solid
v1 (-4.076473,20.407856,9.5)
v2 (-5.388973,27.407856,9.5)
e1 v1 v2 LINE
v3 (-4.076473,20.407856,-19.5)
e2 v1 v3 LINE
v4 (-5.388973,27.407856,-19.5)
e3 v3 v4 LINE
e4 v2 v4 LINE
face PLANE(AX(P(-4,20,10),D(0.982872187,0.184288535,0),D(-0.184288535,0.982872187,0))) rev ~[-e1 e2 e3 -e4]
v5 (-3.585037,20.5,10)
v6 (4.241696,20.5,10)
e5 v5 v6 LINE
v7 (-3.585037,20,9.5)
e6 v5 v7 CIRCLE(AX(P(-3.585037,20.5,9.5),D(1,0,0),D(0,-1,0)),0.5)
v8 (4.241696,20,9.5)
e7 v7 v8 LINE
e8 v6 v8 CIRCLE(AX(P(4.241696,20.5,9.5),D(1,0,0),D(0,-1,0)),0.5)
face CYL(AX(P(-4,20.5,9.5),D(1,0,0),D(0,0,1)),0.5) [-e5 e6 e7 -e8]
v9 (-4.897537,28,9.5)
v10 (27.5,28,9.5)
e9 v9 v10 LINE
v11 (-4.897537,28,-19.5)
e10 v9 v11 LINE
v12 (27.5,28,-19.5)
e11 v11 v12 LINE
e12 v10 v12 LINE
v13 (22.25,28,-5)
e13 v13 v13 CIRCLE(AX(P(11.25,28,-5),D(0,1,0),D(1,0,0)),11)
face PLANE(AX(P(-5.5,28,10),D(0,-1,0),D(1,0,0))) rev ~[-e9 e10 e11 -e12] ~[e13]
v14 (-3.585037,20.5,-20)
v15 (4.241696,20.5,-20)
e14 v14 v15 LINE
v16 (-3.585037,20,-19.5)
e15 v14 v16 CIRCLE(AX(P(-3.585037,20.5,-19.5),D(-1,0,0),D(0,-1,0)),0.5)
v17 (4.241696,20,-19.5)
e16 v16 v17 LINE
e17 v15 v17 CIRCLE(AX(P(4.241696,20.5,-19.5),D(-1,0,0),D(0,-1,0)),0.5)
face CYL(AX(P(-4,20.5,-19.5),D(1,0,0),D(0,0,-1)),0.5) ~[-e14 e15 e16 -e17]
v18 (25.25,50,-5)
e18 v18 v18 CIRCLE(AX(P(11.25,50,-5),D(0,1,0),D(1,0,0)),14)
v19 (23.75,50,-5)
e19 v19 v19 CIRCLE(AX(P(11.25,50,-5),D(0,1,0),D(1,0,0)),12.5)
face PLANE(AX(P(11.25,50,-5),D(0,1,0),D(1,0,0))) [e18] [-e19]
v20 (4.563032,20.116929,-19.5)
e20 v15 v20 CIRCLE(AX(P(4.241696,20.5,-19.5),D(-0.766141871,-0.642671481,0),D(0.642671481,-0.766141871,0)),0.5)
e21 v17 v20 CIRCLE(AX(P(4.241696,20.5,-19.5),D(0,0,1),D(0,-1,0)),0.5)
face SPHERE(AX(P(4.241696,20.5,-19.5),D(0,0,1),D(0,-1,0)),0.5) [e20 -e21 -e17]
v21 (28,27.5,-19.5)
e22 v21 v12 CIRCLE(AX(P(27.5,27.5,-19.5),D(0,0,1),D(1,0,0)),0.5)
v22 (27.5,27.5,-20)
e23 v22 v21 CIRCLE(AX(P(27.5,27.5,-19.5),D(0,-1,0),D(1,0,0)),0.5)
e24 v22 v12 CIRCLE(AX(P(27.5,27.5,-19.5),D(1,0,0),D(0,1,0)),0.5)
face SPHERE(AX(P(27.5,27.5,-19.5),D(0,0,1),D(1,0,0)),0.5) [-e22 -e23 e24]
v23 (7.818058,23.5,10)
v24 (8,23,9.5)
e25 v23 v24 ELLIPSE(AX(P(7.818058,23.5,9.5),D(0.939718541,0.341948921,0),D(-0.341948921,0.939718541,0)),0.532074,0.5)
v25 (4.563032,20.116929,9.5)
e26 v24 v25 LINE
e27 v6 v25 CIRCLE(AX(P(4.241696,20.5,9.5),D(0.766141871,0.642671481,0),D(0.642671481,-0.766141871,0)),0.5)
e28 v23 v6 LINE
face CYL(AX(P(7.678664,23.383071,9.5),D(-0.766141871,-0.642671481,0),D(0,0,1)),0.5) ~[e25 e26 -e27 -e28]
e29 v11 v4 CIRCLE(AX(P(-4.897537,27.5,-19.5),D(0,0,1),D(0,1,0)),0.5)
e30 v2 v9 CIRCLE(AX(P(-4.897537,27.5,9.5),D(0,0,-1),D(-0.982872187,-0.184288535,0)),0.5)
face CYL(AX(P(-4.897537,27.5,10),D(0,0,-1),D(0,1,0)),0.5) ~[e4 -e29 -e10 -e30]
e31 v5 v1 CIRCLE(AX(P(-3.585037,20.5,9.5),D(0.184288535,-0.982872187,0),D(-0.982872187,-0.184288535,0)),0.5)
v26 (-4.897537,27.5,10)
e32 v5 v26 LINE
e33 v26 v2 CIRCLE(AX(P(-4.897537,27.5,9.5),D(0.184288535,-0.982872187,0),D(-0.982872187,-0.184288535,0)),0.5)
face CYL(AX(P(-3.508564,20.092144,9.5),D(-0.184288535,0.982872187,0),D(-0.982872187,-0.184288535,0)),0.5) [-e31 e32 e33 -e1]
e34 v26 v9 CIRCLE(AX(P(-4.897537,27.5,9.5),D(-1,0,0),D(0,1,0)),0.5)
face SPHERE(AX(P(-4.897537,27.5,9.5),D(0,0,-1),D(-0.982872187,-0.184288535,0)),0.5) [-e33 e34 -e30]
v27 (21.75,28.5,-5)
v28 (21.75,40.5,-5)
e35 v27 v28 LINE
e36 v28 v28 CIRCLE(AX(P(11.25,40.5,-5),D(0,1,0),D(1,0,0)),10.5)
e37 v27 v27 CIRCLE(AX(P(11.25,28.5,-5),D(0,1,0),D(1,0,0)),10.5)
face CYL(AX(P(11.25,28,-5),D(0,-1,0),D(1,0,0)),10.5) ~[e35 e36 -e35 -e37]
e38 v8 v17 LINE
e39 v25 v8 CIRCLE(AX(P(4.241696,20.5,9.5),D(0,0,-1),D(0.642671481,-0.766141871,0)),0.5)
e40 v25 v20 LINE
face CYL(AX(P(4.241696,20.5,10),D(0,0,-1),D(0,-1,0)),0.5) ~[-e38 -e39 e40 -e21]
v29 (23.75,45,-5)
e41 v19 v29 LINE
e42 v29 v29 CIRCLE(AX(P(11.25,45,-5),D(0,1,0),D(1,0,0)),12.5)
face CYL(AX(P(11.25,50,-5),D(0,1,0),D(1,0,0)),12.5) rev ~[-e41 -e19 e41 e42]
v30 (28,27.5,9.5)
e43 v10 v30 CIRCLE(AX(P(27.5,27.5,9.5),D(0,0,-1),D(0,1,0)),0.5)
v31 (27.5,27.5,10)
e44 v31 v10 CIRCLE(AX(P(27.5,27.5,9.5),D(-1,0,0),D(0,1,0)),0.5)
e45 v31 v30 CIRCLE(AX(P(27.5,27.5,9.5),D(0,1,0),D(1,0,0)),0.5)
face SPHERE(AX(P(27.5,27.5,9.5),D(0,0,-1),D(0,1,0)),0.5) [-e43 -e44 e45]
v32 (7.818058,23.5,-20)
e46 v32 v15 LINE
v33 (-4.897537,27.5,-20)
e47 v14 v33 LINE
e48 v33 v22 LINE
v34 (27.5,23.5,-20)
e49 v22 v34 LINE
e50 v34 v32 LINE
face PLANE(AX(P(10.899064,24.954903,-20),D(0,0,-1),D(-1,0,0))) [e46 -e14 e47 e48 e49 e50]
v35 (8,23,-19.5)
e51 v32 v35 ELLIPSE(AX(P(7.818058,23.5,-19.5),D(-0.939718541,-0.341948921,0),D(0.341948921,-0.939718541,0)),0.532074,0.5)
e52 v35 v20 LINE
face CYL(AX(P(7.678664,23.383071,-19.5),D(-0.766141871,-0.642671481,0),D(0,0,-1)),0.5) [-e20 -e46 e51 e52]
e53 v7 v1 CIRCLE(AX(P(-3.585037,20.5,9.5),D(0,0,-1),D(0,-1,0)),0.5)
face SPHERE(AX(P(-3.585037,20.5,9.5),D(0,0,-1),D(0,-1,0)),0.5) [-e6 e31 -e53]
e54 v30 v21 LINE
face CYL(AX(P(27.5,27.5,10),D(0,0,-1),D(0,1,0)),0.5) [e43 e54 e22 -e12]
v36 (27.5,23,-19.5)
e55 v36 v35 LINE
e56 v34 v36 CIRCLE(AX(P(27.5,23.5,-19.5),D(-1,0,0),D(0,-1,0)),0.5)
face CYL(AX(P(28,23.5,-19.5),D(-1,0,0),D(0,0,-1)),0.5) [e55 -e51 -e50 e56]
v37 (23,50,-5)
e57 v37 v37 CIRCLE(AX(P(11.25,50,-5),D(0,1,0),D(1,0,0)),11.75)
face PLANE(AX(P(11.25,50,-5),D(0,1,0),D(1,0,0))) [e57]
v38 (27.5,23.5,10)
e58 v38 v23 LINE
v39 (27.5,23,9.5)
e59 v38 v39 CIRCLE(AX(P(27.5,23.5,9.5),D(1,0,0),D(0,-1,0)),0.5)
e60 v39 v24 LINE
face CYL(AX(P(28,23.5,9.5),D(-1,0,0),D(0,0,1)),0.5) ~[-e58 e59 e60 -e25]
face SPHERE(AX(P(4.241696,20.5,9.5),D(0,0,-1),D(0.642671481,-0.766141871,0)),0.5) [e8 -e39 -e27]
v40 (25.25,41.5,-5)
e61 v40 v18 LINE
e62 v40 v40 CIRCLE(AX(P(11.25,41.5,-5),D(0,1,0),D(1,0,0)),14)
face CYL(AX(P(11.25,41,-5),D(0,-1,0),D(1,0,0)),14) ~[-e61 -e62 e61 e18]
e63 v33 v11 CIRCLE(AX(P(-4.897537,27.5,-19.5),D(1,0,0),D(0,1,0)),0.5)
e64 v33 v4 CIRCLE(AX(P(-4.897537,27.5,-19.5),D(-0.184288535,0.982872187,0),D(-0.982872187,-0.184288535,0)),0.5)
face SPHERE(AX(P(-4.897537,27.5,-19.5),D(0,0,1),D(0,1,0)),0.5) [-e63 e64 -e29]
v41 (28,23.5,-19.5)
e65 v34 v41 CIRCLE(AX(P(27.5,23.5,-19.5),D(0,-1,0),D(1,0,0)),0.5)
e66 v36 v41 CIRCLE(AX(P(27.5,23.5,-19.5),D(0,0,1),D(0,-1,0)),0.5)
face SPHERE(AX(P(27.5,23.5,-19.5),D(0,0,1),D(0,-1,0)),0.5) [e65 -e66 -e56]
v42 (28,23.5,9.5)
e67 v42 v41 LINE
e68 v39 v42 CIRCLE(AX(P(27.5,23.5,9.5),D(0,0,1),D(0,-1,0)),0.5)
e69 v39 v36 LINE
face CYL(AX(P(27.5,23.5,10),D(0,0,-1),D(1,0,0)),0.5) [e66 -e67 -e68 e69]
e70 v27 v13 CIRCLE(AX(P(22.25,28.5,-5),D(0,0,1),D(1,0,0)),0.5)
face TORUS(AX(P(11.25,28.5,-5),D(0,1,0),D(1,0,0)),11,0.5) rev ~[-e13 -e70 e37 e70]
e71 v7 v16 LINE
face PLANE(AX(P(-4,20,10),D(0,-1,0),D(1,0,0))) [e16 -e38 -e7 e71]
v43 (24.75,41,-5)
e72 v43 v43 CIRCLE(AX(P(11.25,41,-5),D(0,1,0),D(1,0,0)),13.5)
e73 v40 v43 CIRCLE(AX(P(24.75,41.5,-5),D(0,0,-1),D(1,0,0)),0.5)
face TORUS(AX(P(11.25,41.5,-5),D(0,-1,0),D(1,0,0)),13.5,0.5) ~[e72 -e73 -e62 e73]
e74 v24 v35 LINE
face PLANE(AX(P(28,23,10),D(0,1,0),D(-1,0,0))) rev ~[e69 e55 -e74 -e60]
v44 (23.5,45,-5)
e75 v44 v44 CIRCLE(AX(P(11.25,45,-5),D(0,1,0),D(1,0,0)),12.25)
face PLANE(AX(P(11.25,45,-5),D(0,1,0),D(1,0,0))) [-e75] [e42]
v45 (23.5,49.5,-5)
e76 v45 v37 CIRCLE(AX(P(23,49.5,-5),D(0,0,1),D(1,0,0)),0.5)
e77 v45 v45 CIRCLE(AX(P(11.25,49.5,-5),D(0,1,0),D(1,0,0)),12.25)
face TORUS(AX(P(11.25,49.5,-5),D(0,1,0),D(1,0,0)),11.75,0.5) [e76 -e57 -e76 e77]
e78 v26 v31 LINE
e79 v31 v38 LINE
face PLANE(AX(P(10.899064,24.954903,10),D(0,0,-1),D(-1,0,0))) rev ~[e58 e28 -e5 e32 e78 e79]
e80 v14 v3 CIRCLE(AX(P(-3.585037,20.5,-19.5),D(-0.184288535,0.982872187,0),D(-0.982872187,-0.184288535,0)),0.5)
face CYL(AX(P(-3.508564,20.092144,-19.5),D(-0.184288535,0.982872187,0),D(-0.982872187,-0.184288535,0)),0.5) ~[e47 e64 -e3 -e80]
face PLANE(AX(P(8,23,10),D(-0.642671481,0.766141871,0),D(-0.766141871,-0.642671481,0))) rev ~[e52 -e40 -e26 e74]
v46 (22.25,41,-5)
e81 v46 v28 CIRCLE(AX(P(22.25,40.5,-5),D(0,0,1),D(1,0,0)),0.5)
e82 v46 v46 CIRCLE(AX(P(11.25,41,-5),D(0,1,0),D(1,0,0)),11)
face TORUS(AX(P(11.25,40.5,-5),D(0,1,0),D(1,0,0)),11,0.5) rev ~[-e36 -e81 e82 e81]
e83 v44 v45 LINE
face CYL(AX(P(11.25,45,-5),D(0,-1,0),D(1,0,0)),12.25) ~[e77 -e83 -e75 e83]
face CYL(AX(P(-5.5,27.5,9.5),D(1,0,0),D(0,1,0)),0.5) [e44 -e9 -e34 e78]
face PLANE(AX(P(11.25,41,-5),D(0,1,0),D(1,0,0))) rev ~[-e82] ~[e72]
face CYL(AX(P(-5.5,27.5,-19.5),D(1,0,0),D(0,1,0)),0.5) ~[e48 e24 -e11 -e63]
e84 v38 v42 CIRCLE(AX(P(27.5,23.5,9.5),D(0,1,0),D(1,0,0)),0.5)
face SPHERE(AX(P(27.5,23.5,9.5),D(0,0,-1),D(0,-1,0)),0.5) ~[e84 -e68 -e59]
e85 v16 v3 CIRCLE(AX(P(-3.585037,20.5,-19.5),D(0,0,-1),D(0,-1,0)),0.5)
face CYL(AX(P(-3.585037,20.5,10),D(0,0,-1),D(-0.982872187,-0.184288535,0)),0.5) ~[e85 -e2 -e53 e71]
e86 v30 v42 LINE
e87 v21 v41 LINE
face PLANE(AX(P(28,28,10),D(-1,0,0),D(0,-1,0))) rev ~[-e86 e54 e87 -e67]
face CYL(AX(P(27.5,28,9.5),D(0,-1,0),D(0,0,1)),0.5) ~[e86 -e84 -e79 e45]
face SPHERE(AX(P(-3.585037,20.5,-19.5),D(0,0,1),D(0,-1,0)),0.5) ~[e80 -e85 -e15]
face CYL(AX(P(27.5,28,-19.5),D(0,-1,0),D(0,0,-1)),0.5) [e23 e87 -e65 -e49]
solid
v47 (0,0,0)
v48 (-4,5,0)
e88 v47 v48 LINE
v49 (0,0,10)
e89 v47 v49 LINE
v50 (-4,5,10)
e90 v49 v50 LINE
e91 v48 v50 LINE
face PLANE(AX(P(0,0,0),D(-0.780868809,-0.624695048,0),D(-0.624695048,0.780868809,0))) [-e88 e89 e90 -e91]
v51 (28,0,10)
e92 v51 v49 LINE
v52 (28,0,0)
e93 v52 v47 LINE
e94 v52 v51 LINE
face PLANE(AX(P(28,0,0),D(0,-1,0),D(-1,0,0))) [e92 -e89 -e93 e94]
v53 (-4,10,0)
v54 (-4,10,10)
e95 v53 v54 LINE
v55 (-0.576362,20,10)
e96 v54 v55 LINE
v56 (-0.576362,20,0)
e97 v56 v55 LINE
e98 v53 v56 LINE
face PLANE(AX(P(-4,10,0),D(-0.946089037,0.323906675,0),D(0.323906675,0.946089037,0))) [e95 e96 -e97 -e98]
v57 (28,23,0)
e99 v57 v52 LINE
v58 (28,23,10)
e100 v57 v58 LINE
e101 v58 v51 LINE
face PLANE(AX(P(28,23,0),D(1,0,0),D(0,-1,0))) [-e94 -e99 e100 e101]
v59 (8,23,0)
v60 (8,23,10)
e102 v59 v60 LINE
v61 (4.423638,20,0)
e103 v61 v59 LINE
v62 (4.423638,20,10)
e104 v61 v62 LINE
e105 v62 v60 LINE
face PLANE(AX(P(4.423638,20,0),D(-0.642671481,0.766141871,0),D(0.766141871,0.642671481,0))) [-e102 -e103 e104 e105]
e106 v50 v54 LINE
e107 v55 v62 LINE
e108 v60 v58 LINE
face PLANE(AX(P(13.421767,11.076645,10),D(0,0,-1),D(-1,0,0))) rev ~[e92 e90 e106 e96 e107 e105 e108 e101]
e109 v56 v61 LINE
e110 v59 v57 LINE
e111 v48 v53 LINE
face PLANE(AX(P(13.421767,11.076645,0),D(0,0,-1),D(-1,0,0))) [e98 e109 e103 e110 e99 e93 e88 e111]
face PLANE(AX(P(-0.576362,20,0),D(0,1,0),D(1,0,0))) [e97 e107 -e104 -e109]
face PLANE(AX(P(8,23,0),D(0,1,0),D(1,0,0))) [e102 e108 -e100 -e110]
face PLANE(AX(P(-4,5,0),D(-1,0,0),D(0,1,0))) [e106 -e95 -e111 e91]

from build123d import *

# Parameters (mm, degrees)
BOSS_EXTRUDE1_DEPTH = 10
BOSS_EXTRUDE2_DEPTH = 30
SKETCH4_R           = 10.5
BOSS_EXTRUDE3_DEPTH = 13
SKETCH5_R           = 14
BOSS_EXTRUDE4_DEPTH = 9
SKETCH6_R           = 12.5
CUT_EXTRUDE1_DEPTH  = 5
SKETCH7_R           = 12.25
BOSS_EXTRUDE5_DEPTH = 5
FILLET1_R           = 0.5
FILLET2_R           = 0.5


with BuildPart() as part:
    # Sketch1 → Boss-Extrude1 (new body)
    with BuildSketch(Plane.XY):
        Polygon((0, 0), (-4, 5), (-4, 10), (-0.576361612, 20), (4.423638388, 20), (8, 23), (28, 23), (28, 0), align=None)
    extrude(amount=BOSS_EXTRUDE1_DEPTH)


with BuildPart() as body_2:
    # Sketch3 → Boss-Extrude2 (new body)
    with BuildSketch(Plane.XY.offset(10)):
        Polygon((28, 23), (8, 23), (4.423638388, 20), (-0.576361612, 20), (-4, 20), (-5.5, 28), (28, 28), align=None)
    extrude(amount=-BOSS_EXTRUDE2_DEPTH)

    # Sketch4 → Boss-Extrude3 (add)
    with BuildSketch(Plane(origin=(0, 28, 0), x_dir=(1, 0, 0), z_dir=(0, 1, 0))):
        with Locations((11.25, 5)):
            Circle(SKETCH4_R)
    extrude(amount=BOSS_EXTRUDE3_DEPTH)

    # Sketch5 → Boss-Extrude4 (add)
    with BuildSketch(Plane(origin=(0, 41, 0), x_dir=(1, 0, 0), z_dir=(0, 1, 0))):
        with Locations((11.25, 5)):
            Circle(SKETCH5_R)
    extrude(amount=BOSS_EXTRUDE4_DEPTH)

    # Sketch6 → Cut-Extrude1 (cut)
    with BuildSketch(Plane(origin=(0, 50, 0), x_dir=(1, 0, 0), z_dir=(0, 1, 0))):
        with Locations((11.25, 5)):
            Circle(SKETCH6_R)
    extrude(amount=-CUT_EXTRUDE1_DEPTH, mode=Mode.SUBTRACT)

    # Sketch7 → Boss-Extrude5 (add)
    with BuildSketch(Plane(origin=(0, 45, 0), x_dir=(1, 0, 0), z_dir=(0, 1, 0))):
        with Locations((11.25, 5)):
            Circle(SKETCH7_R)
    extrude(amount=BOSS_EXTRUDE5_DEPTH)

    # Fillet1
    fillet1_edges = [body_2.edges().sort_by_distance(p)[0] for p in [
        (-1, 50, -5),
    ]]
    fillet(fillet1_edges, radius=FILLET1_R)

    # Fillet2
    fillet2_edges = [body_2.edges().sort_by_distance(p)[0] for p in [
        (-4.75, 24, -20),
        (28, 23, -5),
        (4.423638388, 20, -5),
        (-4, 20, -5),
        (-5.5, 28, -5),
        (28, 28, -5),
        (0.211819194, 20, -20),
        (6.211819194, 21.5, -20),
        (18, 23, -20),
        (0.75, 28, -5),
        (0.75, 41, -5),
        (-2.75, 41, -5),
        (28, 25.5, -20),
        (18, 23, 10),
        (11.25, 28, -20),
        (6.211819194, 21.5, 10),
        (0.211819194, 20, 10),
        (-4.75, 24, 10),
        (11.25, 28, 10),
        (28, 25.5, 10),
    ]]
    fillet(fillet2_edges, radius=FILLET2_R)


solid = Compound([part.part, body_2.part])
